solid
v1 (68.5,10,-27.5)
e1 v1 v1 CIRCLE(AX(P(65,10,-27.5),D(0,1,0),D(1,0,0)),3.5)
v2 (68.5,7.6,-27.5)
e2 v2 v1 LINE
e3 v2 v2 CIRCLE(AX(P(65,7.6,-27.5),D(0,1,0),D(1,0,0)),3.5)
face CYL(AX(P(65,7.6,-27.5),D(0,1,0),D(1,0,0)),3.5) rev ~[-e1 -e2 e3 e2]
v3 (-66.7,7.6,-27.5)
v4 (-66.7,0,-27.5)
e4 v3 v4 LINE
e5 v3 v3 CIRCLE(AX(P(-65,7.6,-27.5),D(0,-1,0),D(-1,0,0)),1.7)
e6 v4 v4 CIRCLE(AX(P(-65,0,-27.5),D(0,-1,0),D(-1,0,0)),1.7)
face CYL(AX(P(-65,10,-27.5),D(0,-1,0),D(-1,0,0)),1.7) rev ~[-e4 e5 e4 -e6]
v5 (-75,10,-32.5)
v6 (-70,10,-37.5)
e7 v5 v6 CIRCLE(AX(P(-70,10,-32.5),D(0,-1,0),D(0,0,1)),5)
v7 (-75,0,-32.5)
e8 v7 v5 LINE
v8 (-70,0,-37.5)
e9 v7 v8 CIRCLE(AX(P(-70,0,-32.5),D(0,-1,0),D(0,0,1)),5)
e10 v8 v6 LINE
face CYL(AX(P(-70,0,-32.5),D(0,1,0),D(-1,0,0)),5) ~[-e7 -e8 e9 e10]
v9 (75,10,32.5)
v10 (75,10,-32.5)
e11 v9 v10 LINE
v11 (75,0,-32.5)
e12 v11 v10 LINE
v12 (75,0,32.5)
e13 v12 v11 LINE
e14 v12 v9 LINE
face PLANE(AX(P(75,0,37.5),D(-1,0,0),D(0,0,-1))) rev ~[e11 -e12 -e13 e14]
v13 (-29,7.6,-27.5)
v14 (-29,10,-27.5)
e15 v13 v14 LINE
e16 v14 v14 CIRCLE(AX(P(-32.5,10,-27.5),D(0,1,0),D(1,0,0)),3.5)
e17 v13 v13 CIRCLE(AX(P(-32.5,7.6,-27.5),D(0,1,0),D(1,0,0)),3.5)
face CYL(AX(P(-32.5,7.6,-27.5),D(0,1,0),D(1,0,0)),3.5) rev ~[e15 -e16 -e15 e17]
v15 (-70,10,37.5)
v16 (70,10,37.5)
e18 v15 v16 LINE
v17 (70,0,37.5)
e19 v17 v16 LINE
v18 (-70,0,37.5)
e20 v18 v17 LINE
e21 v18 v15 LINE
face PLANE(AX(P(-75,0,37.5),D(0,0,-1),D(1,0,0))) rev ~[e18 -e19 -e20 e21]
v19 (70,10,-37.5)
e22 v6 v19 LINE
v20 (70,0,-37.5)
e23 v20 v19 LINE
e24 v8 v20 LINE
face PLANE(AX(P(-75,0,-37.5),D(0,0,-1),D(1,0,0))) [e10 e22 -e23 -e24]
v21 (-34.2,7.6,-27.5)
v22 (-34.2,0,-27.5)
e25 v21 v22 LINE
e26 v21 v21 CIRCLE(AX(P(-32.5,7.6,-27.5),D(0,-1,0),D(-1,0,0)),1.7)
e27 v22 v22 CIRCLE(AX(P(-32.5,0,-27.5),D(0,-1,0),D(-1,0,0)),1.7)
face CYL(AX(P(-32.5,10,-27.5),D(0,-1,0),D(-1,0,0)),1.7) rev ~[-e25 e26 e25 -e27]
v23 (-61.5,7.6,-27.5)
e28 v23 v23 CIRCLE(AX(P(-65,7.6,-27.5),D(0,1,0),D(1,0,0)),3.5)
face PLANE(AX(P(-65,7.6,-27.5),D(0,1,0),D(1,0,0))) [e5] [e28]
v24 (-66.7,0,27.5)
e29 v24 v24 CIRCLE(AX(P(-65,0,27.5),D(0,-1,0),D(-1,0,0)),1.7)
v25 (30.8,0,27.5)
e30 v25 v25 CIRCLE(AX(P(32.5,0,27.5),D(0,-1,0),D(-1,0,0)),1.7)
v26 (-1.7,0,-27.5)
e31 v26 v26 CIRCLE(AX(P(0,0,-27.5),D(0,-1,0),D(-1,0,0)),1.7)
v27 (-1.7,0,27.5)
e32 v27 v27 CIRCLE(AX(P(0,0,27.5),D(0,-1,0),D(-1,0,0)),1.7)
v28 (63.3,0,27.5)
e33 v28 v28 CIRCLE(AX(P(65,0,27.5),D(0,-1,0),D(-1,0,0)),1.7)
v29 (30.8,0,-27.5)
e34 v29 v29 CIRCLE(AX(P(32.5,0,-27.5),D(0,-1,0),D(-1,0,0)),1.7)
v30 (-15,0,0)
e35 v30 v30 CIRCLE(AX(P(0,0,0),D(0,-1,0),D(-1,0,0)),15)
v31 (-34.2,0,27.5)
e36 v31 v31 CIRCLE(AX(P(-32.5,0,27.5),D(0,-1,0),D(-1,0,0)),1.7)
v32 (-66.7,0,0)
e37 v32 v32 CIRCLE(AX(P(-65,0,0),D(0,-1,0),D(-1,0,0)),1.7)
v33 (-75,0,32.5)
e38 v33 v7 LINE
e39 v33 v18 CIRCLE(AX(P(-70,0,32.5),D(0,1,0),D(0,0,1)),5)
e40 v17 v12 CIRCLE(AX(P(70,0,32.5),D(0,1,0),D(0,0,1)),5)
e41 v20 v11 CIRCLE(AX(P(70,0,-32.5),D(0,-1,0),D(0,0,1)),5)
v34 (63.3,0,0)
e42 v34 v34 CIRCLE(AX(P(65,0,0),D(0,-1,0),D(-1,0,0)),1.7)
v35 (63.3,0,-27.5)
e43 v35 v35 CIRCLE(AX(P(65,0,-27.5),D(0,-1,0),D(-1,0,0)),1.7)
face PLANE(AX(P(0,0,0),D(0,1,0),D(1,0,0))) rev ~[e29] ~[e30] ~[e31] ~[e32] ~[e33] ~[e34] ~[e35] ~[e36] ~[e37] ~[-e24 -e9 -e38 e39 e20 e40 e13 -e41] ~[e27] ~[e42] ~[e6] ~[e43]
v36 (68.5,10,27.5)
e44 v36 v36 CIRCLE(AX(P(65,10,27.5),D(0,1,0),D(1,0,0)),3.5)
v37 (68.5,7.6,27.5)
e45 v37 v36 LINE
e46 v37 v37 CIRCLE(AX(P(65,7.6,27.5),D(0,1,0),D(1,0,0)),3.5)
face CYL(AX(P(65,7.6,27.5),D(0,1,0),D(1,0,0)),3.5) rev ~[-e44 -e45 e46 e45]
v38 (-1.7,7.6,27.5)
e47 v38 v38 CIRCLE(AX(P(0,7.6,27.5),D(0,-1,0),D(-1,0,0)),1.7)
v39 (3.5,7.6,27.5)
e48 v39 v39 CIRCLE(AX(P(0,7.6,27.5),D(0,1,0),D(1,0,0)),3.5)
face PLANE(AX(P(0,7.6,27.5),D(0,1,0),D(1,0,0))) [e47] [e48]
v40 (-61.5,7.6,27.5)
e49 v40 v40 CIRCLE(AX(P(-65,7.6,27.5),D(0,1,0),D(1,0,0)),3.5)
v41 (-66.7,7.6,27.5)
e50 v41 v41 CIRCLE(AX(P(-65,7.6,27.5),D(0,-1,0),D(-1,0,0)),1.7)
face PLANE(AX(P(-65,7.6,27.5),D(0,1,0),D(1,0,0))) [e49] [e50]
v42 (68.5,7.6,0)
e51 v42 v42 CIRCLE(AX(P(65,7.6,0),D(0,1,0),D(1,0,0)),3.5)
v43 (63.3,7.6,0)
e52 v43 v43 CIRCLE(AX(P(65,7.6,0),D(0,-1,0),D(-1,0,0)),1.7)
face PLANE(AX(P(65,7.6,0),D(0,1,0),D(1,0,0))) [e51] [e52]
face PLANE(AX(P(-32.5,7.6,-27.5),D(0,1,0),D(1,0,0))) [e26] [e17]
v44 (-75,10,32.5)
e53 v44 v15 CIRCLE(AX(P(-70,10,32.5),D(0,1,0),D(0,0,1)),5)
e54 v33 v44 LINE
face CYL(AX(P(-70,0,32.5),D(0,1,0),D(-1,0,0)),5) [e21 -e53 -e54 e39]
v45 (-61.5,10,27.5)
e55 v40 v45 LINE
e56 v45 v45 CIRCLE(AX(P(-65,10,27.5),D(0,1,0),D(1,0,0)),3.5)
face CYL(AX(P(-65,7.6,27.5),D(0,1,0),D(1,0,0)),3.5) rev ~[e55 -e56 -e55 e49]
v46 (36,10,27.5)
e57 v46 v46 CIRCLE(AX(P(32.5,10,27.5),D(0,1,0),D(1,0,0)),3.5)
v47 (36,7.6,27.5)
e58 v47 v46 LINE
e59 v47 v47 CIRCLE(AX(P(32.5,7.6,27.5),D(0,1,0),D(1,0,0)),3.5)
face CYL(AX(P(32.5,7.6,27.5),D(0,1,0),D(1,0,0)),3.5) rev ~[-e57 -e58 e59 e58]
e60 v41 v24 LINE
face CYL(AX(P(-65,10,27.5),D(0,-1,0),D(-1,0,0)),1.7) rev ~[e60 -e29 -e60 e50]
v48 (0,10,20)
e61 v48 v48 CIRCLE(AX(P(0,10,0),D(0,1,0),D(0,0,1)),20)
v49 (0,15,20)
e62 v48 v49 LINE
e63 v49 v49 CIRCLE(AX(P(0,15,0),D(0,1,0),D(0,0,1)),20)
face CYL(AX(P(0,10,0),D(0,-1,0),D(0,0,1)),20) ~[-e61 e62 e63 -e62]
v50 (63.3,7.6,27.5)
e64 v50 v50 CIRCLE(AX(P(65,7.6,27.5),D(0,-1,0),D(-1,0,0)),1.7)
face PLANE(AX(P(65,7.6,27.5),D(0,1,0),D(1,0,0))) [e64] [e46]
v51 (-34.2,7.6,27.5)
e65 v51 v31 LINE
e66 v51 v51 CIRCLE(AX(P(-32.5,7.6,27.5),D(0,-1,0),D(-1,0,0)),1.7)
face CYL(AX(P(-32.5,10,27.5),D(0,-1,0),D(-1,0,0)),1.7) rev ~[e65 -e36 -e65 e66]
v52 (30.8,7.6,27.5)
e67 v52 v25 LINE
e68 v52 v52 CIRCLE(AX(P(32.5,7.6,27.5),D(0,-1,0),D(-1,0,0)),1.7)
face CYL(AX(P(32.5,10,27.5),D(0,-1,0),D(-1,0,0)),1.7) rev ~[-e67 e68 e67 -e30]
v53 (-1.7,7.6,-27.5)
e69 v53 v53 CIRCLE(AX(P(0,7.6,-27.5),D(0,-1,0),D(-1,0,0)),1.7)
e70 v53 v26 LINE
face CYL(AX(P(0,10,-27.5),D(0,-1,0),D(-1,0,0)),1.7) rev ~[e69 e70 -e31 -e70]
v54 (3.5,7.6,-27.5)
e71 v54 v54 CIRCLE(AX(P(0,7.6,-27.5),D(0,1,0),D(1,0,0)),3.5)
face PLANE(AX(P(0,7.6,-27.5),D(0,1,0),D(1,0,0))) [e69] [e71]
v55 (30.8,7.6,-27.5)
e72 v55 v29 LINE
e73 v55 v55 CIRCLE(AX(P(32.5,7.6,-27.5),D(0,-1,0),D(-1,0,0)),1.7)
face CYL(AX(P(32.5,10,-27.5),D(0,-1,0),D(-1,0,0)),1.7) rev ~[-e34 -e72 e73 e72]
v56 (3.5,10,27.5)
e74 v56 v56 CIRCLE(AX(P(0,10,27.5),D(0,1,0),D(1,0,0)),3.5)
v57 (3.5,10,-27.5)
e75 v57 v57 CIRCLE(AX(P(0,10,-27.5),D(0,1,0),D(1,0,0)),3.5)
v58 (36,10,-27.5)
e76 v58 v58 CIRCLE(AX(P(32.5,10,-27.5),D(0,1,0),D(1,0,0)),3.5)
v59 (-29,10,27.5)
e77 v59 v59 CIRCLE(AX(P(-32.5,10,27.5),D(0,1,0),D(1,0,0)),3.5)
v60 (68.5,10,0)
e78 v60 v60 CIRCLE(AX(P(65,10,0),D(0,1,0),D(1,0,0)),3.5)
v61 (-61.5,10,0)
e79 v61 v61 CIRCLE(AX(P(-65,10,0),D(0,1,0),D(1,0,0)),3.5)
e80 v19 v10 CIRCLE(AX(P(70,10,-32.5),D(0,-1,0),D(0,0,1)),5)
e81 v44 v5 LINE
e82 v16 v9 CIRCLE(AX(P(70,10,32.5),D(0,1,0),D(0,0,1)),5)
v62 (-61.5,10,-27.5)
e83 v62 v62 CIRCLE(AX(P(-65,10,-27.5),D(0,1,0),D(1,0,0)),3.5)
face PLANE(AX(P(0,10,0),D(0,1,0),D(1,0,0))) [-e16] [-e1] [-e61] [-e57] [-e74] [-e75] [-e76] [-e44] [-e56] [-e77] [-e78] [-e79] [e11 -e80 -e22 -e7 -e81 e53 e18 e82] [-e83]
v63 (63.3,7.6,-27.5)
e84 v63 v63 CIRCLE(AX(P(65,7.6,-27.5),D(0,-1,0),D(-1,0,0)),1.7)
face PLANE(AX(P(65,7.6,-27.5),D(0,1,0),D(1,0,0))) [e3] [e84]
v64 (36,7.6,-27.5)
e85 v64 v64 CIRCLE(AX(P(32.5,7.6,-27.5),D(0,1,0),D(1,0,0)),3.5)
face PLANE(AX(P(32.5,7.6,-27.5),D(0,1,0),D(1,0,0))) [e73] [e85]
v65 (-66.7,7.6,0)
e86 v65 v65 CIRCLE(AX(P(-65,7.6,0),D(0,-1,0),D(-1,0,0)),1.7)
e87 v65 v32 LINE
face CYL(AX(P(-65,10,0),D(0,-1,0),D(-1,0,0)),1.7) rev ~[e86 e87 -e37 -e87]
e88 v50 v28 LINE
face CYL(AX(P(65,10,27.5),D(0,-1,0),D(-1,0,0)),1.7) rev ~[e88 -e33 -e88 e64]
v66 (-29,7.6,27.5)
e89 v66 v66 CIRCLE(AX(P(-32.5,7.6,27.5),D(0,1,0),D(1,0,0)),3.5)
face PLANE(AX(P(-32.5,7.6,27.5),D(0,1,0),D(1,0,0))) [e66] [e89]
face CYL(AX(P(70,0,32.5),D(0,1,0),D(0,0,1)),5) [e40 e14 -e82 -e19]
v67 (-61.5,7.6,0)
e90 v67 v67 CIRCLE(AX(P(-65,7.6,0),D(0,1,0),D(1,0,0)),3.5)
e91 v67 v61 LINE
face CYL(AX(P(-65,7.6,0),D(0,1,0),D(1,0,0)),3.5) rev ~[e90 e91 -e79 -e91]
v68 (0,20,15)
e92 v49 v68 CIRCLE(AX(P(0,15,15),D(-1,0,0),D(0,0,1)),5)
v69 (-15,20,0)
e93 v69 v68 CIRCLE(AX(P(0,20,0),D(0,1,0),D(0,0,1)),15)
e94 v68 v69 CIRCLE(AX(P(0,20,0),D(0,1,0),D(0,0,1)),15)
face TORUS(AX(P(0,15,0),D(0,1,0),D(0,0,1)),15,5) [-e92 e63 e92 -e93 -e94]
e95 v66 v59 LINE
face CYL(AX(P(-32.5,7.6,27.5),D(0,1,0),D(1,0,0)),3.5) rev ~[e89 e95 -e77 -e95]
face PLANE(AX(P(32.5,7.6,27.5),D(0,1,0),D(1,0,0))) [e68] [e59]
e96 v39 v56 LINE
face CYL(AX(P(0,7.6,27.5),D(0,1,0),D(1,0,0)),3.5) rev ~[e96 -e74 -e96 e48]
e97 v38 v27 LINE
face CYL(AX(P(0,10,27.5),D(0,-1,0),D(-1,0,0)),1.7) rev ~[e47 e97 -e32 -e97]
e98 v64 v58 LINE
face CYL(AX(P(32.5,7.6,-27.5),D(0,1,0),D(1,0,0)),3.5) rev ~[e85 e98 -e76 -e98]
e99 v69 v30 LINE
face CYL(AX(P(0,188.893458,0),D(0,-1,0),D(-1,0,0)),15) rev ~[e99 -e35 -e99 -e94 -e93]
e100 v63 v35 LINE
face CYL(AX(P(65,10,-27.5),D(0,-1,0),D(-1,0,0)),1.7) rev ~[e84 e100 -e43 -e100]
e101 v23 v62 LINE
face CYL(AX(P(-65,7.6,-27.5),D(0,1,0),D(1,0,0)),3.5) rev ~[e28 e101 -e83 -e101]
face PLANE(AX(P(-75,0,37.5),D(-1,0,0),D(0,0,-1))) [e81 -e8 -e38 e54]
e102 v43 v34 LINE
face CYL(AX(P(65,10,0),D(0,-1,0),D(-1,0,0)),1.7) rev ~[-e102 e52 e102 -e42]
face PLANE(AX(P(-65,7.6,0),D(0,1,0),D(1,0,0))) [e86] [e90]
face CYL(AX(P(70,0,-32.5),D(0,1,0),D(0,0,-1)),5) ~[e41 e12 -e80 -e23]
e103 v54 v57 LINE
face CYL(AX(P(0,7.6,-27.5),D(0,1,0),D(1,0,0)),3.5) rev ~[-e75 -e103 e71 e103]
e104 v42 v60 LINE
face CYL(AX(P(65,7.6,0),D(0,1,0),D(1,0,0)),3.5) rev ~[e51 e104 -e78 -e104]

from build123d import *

# Parameters (mm, degrees)
PROFIL_BASE_W                                      = 150
PROFIL_BASE_H                                      = 75
BASE_DEPTH                                         = 10
PROFIL_CYLINDRE_R                                  = 20
CYLINDRE_DEPTH                                     = 10
CONG_1_R                                           = 5
PER_AGE_CENTRAL_D                                  = 30
CHAMBRAGE_POUR_VIS_T_TE_RONDE_BOMB_E_M_D           = 3.4
CHAMBRAGE_POUR_VIS_T_TE_RONDE_BOMB_E_M_CBORE_D     = 7
CHAMBRAGE_POUR_VIS_T_TE_RONDE_BOMB_E_M_CBORE_DEPTH = 2.4
R_P_TITION_LIN_AIRE1_COUNT                         = 5
R_P_TITION_LIN_AIRE1_PITCH                         = 32.5
R_P_TITION_LIN_AIRE1_COUNT_DIR2                    = 3
R_P_TITION_LIN_AIRE1_PITCH_DIR2                    = 27.5


with BuildPart() as part:
    # Profil Base → Base (new body)
    with BuildSketch(Plane(origin=(0, 0, 0), x_dir=(1, 0, 0), z_dir=(0, 1, 0))):
        Rectangle(PROFIL_BASE_W, PROFIL_BASE_H)
    extrude(amount=BASE_DEPTH)

    # Profil Cylindre → Cylindre (add)
    with BuildSketch(Plane(origin=(0, 10, 0), x_dir=(1, 0, 0), z_dir=(0, 1, 0))):
        with Locations(Location((0, 0, 0), (0, 0, 270))):
            Circle(PROFIL_CYLINDRE_R)
    extrude(amount=CYLINDRE_DEPTH)

    # Congé1
    cong_1_edges = [part.edges().sort_by_distance(p)[0] for p in [
        (0, 20, -20),
        (75, 5, 37.5),
        (-75, 5, 37.5),
        (-75, 5, -37.5),
        (75, 5, -37.5),
    ]]
    fillet(cong_1_edges, radius=CONG_1_R)

    # Perçage central (through all)
    with Locations(Plane(origin=(0, 20, 0), x_dir=(1, 0, 0), z_dir=(0, 1, 0))):
        with Locations((0, 0)):
            Hole(PER_AGE_CENTRAL_D / 2)

    # Chambrage pour vis à tête ronde bombée M31 (through all)
    with Locations(Plane(origin=(0, 10, 0), x_dir=(1, 0, 0), z_dir=(0, 1, 0))):
        with Locations((-65, 27.5)):
            chambrage_pour_vis_t_te_ronde_bomb_e_m = CounterBoreHole(CHAMBRAGE_POUR_VIS_T_TE_RONDE_BOMB_E_M_D / 2, CHAMBRAGE_POUR_VIS_T_TE_RONDE_BOMB_E_M_CBORE_D / 2, CHAMBRAGE_POUR_VIS_T_TE_RONDE_BOMB_E_M_CBORE_DEPTH)

    # Répétition linéaire1: Chambrage pour vis _ t_te ronde bomb_e M 5 × 3, 3 skipped
    with Locations(*[(i * R_P_TITION_LIN_AIRE1_PITCH, 0, j * R_P_TITION_LIN_AIRE1_PITCH_DIR2) for i in range(R_P_TITION_LIN_AIRE1_COUNT) for j in range(R_P_TITION_LIN_AIRE1_COUNT_DIR2) if (i, j) not in ((0, 0), (1, 1), (2, 1), (3, 1))]):
        add(chambrage_pour_vis_t_te_ronde_bomb_e_m, mode=Mode.SUBTRACT)


solid = part.part
